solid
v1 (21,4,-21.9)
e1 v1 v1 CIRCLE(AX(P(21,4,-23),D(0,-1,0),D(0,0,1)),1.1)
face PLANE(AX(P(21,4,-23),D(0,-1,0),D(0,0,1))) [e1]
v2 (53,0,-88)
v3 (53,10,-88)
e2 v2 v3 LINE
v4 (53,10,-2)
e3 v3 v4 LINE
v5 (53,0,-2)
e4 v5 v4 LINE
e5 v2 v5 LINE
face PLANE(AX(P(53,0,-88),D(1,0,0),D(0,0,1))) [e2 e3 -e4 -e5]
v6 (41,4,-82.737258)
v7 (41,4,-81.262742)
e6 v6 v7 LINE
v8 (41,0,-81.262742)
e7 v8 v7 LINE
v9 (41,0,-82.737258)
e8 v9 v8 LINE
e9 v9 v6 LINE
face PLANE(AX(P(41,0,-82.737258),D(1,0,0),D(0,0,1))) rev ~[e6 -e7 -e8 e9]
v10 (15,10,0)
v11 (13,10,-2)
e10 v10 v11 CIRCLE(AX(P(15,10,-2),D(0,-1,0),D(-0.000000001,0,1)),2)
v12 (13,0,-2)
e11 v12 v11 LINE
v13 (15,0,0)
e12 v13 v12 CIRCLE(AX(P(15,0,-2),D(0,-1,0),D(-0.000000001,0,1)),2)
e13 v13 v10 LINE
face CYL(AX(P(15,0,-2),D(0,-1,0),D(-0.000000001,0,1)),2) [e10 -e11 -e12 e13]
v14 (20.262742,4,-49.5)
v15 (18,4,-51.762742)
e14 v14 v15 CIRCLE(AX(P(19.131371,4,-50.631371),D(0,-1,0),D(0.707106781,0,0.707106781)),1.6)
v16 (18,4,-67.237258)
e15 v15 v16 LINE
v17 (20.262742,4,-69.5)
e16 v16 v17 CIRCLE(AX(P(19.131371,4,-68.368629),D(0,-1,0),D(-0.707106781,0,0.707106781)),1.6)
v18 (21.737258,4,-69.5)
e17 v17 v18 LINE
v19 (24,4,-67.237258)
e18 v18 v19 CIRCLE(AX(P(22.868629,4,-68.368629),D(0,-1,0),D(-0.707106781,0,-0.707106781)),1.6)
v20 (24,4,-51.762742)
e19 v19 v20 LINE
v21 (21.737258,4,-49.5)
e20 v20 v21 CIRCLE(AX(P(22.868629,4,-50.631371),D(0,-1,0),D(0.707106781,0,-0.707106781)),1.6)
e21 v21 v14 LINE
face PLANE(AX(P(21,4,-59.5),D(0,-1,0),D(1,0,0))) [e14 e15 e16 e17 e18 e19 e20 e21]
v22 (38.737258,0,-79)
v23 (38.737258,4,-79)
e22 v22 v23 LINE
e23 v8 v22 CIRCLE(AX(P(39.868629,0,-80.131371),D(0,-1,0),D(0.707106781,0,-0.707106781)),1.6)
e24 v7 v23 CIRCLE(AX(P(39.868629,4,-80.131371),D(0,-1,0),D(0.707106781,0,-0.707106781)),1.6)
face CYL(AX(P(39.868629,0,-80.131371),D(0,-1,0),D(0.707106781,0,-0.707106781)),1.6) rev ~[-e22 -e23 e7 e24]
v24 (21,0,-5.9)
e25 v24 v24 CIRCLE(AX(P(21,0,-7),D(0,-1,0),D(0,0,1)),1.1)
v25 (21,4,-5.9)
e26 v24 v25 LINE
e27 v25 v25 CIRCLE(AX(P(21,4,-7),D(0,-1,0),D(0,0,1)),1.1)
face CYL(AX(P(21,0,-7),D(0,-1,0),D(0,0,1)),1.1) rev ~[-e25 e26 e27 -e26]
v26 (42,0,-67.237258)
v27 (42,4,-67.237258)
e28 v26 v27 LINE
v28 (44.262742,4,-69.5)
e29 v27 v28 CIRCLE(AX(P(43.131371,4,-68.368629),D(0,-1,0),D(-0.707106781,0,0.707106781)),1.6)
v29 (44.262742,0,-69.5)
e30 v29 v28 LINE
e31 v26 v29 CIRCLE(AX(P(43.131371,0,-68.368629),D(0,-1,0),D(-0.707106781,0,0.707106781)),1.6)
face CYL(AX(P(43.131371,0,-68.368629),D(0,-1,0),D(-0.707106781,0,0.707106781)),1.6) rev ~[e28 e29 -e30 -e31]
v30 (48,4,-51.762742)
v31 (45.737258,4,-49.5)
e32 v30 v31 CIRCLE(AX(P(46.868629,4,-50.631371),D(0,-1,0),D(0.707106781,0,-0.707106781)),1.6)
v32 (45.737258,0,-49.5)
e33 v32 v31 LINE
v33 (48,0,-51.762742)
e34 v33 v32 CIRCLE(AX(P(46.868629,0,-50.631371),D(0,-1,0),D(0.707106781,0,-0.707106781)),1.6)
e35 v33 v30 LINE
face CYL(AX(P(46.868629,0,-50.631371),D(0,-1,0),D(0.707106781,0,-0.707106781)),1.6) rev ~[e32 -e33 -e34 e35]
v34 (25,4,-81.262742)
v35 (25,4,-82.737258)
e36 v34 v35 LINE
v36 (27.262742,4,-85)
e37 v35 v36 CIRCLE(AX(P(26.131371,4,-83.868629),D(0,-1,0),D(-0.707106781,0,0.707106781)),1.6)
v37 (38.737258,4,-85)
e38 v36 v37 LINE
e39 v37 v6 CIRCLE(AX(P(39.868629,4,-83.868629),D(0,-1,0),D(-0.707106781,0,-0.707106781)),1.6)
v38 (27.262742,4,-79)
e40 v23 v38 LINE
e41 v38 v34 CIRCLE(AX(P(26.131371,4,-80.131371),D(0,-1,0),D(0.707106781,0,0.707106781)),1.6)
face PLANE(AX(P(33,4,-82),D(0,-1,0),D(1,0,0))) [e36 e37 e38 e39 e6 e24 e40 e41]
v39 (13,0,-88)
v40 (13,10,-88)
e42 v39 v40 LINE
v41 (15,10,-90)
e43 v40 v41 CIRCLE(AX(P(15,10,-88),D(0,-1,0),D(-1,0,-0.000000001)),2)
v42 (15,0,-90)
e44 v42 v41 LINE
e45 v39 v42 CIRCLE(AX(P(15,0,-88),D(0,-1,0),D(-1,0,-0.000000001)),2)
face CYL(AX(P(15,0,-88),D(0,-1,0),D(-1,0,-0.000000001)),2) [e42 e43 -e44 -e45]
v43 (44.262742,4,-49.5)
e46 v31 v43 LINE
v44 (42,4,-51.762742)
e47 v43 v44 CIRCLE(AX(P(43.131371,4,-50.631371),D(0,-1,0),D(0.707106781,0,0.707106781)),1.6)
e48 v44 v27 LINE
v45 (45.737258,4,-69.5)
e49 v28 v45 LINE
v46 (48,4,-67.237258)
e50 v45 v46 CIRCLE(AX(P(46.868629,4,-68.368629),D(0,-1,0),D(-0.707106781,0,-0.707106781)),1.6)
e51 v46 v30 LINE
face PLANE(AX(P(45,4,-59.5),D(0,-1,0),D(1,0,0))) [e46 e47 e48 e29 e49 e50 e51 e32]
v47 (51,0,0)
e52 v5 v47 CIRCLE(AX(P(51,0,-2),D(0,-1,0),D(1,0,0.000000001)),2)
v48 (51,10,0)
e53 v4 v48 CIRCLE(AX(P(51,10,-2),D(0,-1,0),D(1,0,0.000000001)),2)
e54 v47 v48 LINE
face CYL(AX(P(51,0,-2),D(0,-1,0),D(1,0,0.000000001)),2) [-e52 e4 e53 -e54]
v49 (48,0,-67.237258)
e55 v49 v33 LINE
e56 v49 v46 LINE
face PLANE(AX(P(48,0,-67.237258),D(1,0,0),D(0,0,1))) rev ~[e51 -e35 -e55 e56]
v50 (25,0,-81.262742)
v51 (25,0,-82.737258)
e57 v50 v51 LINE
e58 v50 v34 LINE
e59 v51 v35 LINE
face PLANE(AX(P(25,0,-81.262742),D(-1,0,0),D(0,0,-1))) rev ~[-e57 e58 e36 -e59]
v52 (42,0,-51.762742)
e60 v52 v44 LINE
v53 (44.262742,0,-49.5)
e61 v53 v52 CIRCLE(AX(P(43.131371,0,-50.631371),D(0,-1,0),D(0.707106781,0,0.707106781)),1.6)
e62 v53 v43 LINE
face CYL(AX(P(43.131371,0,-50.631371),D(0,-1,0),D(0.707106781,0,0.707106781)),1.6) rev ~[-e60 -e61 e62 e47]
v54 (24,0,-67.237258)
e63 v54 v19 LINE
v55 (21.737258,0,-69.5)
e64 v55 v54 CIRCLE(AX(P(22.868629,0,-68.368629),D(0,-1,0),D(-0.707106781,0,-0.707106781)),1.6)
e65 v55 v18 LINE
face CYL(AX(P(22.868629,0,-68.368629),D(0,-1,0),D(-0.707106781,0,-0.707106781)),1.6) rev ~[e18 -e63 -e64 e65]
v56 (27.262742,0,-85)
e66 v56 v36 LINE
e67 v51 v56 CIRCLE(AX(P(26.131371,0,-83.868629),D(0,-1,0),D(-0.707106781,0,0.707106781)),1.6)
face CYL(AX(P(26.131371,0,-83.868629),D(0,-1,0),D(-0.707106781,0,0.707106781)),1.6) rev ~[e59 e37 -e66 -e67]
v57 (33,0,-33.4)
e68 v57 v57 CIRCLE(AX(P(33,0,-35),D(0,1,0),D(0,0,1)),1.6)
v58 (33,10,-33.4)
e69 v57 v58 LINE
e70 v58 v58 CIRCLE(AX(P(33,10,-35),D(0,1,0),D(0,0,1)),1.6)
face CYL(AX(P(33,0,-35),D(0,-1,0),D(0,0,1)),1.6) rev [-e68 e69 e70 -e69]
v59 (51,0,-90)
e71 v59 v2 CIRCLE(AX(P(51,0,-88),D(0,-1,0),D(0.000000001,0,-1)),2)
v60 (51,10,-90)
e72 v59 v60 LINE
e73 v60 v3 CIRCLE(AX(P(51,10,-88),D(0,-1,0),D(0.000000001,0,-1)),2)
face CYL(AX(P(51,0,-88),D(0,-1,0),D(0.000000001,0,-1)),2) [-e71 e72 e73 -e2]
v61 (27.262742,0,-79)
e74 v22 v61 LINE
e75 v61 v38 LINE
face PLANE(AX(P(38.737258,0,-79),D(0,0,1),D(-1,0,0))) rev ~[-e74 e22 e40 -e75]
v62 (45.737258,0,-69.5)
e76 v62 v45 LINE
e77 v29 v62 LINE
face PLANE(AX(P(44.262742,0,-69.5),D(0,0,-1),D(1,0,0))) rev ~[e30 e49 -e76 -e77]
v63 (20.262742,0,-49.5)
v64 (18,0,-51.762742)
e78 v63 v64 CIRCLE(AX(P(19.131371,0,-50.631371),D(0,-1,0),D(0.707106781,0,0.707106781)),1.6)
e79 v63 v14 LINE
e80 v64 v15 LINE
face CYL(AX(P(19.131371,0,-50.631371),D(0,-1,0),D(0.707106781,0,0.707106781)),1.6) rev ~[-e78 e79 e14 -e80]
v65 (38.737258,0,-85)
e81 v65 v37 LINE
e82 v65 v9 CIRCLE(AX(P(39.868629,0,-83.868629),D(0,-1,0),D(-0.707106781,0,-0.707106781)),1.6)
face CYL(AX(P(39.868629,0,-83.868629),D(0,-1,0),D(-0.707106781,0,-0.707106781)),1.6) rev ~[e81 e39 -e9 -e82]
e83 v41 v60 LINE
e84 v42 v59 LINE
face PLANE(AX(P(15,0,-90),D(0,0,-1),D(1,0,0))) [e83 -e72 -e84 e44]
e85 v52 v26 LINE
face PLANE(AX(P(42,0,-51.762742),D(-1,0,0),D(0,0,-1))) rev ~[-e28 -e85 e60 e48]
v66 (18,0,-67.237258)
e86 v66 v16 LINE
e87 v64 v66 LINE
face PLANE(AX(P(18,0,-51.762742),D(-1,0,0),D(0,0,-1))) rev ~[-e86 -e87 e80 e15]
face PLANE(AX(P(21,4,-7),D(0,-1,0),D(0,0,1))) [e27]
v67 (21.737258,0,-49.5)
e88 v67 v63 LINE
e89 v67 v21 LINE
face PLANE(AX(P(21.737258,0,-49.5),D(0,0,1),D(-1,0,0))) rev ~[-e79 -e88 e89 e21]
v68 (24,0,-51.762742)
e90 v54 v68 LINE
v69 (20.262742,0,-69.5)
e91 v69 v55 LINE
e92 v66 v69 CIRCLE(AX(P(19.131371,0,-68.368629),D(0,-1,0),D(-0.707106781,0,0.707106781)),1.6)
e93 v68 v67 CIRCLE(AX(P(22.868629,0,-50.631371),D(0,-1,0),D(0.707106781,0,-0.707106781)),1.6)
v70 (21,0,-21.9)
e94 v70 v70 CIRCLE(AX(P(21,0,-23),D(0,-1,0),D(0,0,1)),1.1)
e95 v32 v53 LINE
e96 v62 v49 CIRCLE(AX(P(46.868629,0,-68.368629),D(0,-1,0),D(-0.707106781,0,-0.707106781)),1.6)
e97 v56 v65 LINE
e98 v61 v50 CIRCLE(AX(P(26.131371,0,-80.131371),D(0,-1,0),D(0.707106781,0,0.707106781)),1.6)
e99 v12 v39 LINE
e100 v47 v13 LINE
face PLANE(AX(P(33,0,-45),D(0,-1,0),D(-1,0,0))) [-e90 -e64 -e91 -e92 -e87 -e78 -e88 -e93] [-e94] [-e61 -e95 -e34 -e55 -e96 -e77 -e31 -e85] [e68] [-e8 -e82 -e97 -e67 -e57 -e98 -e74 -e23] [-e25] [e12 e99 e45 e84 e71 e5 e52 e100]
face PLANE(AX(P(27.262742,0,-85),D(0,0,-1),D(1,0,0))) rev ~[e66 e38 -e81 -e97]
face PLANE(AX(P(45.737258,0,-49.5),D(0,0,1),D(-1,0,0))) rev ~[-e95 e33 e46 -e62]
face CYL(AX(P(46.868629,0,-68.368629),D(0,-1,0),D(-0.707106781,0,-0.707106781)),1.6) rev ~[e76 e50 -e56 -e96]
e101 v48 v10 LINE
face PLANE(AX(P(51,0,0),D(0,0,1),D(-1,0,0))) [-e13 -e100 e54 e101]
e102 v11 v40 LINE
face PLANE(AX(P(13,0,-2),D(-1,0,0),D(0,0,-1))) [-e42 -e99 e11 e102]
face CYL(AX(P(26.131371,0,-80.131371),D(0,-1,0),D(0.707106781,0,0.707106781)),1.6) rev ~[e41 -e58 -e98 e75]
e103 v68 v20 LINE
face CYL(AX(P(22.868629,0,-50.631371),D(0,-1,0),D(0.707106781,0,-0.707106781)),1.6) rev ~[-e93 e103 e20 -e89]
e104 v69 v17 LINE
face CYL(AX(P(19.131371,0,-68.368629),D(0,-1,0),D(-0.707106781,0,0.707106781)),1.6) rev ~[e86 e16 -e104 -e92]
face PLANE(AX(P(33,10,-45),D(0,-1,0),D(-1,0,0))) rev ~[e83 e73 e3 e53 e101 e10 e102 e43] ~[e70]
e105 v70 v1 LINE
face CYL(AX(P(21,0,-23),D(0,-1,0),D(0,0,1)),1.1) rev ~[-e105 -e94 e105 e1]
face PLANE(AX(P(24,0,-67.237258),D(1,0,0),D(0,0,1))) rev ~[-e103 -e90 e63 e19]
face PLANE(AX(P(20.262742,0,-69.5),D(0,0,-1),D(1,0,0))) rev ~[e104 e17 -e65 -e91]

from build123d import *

# Parameters (mm, degrees)
ESQUISSE1_R             = 1.6
EXTRUSION1_DEPTH        = 10
ESQUISSE2_R             = 1.1
ENL_V_MAT_EXTRU_1_DEPTH = 4


with BuildPart() as part:
    # Esquisse1 → Extrusion1 (new body)
    with BuildSketch(Plane(origin=(0, 0, 0), x_dir=(1, 0, 0), z_dir=(0, 1, 0))):
        with BuildLine():
            Line((13, 2), (13, 88))
            ThreePointArc((13, 88), (13.585786438, 89.414213562), (15, 90))
            Line((15, 90), (51, 90))
            ThreePointArc((51, 90), (52.414213562, 89.414213562), (53, 88))
            Line((53, 88), (53, 2))
            ThreePointArc((53, 2), (52.414213562, 0.585786438), (51, 0))
            Line((51, 0), (15, 0))
            ThreePointArc((15, 0), (13.585786438, 0.585786438), (13, 2))
        make_face()
        with Locations(Location((33, 35, 0), (0, 0, 270))):  # turned: the seam where the file's is
            Circle(ESQUISSE1_R, mode=Mode.SUBTRACT)
    extrude(amount=EXTRUSION1_DEPTH)

    # Esquisse2 → Enlèv. mat.-Extru.1 (cut)
    with BuildSketch(Plane.XZ):
        with Locations(Location((21, -7, 0), (0, 0, 90))):  # turned: the seam where the file's is
            Circle(ESQUISSE2_R)
        with Locations(Location((21, -23, 0), (0, 0, 90))):  # turned: the seam where the file's is
            Circle(ESQUISSE2_R)
        with BuildLine():
            Line((41, -82.7372583), (41, -81.2627417))
            ThreePointArc((41, -81.2627417), (41, -79), (38.7372583, -79))
            Line((38.7372583, -79), (27.2627417, -79))
            ThreePointArc((27.2627417, -79), (25, -79), (25, -81.2627417))
            Line((25, -81.2627417), (25, -82.7372583))
            ThreePointArc((25, -82.7372583), (25, -85), (27.2627417, -85))
            Line((27.2627417, -85), (38.7372583, -85))
            ThreePointArc((38.7372583, -85), (41, -85), (41, -82.7372583))
        make_face()
        with BuildLine():
            Line((45.7372583, -49.5), (44.2627417, -49.5))
            ThreePointArc((44.2627417, -49.5), (42, -49.5), (42, -51.7627417))
            Line((42, -51.7627417), (42, -67.2372583))
            ThreePointArc((42, -67.2372583), (42, -69.5), (44.2627417, -69.5))
            Line((44.2627417, -69.5), (45.7372583, -69.5))
            ThreePointArc((45.7372583, -69.5), (48, -69.5), (48, -67.2372583))
            Line((48, -67.2372583), (48, -51.7627417))
            ThreePointArc((48, -51.7627417), (48, -49.5), (45.7372583, -49.5))
        make_face()
        with BuildLine():
            Line((24, -67.2372583), (24, -51.7627417))
            ThreePointArc((24, -51.7627417), (24, -49.5), (21.7372583, -49.5))
            Line((21.7372583, -49.5), (20.2627417, -49.5))
            ThreePointArc((20.2627417, -49.5), (18, -49.5), (18, -51.7627417))
            Line((18, -51.7627417), (18, -67.2372583))
            ThreePointArc((18, -67.2372583), (18, -69.5), (20.2627417, -69.5))
            Line((20.2627417, -69.5), (21.7372583, -69.5))
            ThreePointArc((21.7372583, -69.5), (24, -69.5), (24, -67.2372583))
        make_face()
    extrude(amount=-ENL_V_MAT_EXTRU_1_DEPTH, mode=Mode.SUBTRACT)


solid = part.part
